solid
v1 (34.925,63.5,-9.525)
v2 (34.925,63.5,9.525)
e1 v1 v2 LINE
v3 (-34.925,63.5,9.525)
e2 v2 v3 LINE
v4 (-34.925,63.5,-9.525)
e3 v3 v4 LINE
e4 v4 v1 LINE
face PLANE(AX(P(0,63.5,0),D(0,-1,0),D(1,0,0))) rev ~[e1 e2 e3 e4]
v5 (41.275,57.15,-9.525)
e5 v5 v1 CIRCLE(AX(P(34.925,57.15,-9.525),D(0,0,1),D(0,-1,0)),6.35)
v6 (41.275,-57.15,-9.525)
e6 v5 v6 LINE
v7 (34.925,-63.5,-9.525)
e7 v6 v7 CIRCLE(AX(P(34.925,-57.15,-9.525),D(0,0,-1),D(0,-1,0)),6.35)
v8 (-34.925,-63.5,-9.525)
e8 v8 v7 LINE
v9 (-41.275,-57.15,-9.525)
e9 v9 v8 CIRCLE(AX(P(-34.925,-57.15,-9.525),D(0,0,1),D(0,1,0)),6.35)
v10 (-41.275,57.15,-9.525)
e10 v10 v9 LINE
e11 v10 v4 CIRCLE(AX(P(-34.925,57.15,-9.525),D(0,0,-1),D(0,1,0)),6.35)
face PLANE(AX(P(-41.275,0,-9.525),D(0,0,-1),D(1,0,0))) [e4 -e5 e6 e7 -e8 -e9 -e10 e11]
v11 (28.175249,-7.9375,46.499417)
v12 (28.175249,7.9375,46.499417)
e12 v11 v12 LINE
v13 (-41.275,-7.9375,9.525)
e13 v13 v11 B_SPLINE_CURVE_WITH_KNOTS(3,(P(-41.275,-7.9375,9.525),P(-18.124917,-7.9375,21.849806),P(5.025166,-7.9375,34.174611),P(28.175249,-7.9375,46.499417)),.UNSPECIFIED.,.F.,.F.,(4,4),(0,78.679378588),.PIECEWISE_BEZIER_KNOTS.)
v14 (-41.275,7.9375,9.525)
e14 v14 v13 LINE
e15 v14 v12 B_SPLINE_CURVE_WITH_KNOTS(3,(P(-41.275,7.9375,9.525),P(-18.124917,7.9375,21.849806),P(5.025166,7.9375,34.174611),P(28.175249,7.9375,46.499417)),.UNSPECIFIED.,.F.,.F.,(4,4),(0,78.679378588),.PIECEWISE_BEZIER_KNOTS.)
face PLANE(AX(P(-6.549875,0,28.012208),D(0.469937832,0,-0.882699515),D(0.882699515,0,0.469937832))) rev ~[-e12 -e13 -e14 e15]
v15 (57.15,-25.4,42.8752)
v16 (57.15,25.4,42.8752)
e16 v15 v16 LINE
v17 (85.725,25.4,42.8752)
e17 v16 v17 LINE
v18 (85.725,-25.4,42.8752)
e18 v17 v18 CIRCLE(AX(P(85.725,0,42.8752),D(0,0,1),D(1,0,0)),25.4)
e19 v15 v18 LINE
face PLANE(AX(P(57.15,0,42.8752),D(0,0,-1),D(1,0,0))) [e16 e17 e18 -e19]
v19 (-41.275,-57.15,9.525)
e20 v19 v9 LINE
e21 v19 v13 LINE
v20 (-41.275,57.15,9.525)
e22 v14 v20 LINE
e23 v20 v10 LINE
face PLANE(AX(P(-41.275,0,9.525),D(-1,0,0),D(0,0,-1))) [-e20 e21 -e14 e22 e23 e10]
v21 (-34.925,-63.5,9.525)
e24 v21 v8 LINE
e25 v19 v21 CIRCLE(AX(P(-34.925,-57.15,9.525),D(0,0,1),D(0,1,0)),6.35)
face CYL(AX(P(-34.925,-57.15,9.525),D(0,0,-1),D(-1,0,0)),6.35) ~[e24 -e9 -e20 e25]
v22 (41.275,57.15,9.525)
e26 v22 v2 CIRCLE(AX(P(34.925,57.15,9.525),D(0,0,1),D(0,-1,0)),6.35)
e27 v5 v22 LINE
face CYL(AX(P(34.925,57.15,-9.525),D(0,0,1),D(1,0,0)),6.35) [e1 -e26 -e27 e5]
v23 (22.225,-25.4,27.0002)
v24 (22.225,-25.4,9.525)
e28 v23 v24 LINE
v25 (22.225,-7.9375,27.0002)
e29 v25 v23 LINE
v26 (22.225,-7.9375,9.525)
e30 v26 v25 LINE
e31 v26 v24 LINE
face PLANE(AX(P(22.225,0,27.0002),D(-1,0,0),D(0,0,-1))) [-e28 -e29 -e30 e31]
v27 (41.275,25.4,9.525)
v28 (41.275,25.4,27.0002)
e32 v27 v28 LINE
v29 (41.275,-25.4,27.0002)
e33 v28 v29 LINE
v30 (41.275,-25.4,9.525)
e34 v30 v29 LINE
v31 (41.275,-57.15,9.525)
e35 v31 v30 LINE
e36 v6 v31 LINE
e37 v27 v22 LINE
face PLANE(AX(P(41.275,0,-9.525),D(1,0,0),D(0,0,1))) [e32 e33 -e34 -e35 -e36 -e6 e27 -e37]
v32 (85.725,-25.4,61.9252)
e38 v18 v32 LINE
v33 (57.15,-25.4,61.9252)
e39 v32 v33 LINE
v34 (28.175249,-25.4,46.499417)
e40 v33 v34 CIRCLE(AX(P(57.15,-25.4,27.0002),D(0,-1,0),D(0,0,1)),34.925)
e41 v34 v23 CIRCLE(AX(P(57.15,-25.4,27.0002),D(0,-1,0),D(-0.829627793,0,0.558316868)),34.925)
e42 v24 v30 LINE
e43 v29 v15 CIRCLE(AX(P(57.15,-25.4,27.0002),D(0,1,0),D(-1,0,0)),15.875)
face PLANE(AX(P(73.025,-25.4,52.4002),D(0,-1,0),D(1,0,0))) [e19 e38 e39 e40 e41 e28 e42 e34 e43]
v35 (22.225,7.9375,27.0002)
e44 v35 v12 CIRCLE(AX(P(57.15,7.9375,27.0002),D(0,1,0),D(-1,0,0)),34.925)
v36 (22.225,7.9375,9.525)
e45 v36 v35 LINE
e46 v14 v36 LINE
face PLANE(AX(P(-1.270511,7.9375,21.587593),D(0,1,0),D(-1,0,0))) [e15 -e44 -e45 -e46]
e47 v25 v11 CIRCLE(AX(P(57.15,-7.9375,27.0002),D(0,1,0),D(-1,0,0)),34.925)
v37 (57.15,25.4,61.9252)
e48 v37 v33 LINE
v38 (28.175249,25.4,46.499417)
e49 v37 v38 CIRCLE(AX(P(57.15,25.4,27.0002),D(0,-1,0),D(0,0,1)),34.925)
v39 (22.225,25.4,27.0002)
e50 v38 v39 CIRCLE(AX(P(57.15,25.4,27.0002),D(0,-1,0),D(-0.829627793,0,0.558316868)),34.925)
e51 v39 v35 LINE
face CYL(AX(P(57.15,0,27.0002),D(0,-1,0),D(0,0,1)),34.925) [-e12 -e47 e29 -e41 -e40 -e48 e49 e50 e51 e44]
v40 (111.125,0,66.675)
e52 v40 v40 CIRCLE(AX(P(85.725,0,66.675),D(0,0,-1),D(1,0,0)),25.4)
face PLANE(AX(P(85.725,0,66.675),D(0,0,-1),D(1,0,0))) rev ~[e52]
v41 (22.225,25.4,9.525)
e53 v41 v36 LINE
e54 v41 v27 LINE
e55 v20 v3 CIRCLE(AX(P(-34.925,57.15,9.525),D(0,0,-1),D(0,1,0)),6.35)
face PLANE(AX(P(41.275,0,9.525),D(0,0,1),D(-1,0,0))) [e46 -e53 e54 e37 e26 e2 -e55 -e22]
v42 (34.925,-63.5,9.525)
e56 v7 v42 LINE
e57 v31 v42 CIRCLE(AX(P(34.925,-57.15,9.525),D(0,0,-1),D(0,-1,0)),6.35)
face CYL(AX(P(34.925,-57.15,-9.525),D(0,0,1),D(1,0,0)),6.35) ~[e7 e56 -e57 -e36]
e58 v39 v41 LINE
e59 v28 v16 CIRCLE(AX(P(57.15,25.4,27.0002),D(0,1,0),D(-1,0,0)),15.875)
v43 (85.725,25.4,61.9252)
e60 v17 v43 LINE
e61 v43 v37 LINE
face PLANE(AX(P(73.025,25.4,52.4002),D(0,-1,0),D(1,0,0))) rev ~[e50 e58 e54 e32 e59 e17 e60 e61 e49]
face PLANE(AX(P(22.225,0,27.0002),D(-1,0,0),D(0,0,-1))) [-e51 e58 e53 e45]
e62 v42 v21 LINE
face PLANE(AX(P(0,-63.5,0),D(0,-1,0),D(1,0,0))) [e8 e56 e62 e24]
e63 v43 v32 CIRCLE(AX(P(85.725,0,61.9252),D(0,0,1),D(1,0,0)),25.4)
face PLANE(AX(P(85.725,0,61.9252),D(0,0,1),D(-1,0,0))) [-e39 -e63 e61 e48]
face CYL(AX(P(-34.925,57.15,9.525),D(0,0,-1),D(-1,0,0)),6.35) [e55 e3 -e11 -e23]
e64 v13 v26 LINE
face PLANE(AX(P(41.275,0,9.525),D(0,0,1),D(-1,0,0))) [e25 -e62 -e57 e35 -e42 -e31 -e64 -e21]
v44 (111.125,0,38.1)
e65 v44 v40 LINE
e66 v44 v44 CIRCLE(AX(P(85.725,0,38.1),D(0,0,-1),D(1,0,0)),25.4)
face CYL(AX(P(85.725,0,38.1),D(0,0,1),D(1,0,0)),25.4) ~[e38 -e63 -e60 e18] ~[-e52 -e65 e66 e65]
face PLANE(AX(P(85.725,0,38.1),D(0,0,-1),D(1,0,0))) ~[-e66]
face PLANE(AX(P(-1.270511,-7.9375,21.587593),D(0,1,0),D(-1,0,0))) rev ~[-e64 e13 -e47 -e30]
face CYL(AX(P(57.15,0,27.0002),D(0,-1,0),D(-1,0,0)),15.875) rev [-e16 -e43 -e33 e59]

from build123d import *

# Parameters (mm, degrees)
F1_DEPTH = 63.5
F2_DEPTH = 25.4
F3_DEPTH = 7.9375
F5_R     = 6.35


with BuildPart() as f1:
    # F0 (on Front) → F1 (new body, symmetric)
    with BuildSketch(Plane.XZ):
        Polygon((22.225, 9.525), (-41.275, 9.525), (-41.275, -9.525), (41.275, -9.525), (41.275, 9.525), align=None)
    extrude(amount=F1_DEPTH, both=True)

    # F0 (on Front) → F2 (join, symmetric)
    with BuildSketch(Plane.XZ):
        Polygon((85.725, 61.9252), (60.325, 61.9252), (60.325, 42.8752), (80.5717907127, 42.8752), (85.725, 42.8752), align=None)
        with BuildLine():
            Line((22.225, 27.0002), (22.225, 9.525))
            Line((22.225, 9.525), (41.275, 9.525))
            Line((41.275, 9.525), (41.275, 27.0002))
            ThreePointArc((41.275, 27.0002), (45.9246798487, 38.2255201513), (57.15, 42.8752))
            Line((57.15, 42.8752), (60.325, 42.8752))
            Line((60.325, 42.8752), (60.325, 61.9252))
            Line((60.325, 61.9252), (57.15, 61.9252))
            add(Edge.make_bspline(
                [(28.1752493255, 46.4994166087), (37.8334995503, 51.6413444058), (47.4917497752, 56.7832722029), (57.15, 61.9252)],
                knots=[78.6793785876, 78.6793785876, 78.6793785876, 78.6793785876, 111.5045361635, 111.5045361635, 111.5045361635, 111.5045361635], degree=3))
            ThreePointArc((28.1752493255, 46.4994166087), (23.7456680032, 37.1936404813), (22.225, 27.0002))
        make_face()
        with BuildLine():
            ThreePointArc((57.15, 61.9252), (40.737421212, 57.8284805639), (28.1752493255, 46.4994166087))
            add(Edge.make_bspline(
                [(28.1752493255, 46.4994166087), (37.8334995503, 51.6413444058), (47.4917497752, 56.7832722029), (57.15, 61.9252)],
                knots=[78.6793785876, 78.6793785876, 78.6793785876, 78.6793785876, 111.5045361635, 111.5045361635, 111.5045361635, 111.5045361635], degree=3))
        make_face()
    extrude(amount=F2_DEPTH, both=True)

    # F0 (on Front) → F3 (join, symmetric)
    with BuildSketch(Plane.XZ):
        with BuildLine():
            add(Edge.make_bspline(
                [(-41.275, 9.525), (-18.1249168915, 21.8498055362), (5.025166217, 34.1746110724), (28.1752493255, 46.4994166087)],
                knots=[0, 0, 0, 0, 78.6793785876, 78.6793785876, 78.6793785876, 78.6793785876], degree=3))
            Line((-41.275, 9.525), (22.225, 9.525))
            Line((22.225, 9.525), (22.225, 27.0002))
            ThreePointArc((22.225, 27.0002), (23.7456680032, 37.1936404813), (28.1752493255, 46.4994166087))
        make_face()
    extrude(amount=F3_DEPTH, both=True)

    # F0 (on Front) → F4 (revolve)
    with BuildSketch(Plane.XZ):
        Polygon((85.725, 66.675), (85.725, 61.9252), (85.725, 42.8752), (85.725, 38.1), (111.125, 38.1), (111.125, 66.675), align=None)
    revolve(axis=Axis((85.725, 0, 52.3875), (0, 0, -1)))

    # F5
    f5_edges = [f1.edges().sort_by_distance(p)[0] for p in [
        (-41.275, -63.5, 0),
        (41.275, -63.5, 0),
        (41.275, 63.5, 0),
        (-41.275, 63.5, 0),
    ]]
    fillet(f5_edges, radius=F5_R)


solid = f1.part
